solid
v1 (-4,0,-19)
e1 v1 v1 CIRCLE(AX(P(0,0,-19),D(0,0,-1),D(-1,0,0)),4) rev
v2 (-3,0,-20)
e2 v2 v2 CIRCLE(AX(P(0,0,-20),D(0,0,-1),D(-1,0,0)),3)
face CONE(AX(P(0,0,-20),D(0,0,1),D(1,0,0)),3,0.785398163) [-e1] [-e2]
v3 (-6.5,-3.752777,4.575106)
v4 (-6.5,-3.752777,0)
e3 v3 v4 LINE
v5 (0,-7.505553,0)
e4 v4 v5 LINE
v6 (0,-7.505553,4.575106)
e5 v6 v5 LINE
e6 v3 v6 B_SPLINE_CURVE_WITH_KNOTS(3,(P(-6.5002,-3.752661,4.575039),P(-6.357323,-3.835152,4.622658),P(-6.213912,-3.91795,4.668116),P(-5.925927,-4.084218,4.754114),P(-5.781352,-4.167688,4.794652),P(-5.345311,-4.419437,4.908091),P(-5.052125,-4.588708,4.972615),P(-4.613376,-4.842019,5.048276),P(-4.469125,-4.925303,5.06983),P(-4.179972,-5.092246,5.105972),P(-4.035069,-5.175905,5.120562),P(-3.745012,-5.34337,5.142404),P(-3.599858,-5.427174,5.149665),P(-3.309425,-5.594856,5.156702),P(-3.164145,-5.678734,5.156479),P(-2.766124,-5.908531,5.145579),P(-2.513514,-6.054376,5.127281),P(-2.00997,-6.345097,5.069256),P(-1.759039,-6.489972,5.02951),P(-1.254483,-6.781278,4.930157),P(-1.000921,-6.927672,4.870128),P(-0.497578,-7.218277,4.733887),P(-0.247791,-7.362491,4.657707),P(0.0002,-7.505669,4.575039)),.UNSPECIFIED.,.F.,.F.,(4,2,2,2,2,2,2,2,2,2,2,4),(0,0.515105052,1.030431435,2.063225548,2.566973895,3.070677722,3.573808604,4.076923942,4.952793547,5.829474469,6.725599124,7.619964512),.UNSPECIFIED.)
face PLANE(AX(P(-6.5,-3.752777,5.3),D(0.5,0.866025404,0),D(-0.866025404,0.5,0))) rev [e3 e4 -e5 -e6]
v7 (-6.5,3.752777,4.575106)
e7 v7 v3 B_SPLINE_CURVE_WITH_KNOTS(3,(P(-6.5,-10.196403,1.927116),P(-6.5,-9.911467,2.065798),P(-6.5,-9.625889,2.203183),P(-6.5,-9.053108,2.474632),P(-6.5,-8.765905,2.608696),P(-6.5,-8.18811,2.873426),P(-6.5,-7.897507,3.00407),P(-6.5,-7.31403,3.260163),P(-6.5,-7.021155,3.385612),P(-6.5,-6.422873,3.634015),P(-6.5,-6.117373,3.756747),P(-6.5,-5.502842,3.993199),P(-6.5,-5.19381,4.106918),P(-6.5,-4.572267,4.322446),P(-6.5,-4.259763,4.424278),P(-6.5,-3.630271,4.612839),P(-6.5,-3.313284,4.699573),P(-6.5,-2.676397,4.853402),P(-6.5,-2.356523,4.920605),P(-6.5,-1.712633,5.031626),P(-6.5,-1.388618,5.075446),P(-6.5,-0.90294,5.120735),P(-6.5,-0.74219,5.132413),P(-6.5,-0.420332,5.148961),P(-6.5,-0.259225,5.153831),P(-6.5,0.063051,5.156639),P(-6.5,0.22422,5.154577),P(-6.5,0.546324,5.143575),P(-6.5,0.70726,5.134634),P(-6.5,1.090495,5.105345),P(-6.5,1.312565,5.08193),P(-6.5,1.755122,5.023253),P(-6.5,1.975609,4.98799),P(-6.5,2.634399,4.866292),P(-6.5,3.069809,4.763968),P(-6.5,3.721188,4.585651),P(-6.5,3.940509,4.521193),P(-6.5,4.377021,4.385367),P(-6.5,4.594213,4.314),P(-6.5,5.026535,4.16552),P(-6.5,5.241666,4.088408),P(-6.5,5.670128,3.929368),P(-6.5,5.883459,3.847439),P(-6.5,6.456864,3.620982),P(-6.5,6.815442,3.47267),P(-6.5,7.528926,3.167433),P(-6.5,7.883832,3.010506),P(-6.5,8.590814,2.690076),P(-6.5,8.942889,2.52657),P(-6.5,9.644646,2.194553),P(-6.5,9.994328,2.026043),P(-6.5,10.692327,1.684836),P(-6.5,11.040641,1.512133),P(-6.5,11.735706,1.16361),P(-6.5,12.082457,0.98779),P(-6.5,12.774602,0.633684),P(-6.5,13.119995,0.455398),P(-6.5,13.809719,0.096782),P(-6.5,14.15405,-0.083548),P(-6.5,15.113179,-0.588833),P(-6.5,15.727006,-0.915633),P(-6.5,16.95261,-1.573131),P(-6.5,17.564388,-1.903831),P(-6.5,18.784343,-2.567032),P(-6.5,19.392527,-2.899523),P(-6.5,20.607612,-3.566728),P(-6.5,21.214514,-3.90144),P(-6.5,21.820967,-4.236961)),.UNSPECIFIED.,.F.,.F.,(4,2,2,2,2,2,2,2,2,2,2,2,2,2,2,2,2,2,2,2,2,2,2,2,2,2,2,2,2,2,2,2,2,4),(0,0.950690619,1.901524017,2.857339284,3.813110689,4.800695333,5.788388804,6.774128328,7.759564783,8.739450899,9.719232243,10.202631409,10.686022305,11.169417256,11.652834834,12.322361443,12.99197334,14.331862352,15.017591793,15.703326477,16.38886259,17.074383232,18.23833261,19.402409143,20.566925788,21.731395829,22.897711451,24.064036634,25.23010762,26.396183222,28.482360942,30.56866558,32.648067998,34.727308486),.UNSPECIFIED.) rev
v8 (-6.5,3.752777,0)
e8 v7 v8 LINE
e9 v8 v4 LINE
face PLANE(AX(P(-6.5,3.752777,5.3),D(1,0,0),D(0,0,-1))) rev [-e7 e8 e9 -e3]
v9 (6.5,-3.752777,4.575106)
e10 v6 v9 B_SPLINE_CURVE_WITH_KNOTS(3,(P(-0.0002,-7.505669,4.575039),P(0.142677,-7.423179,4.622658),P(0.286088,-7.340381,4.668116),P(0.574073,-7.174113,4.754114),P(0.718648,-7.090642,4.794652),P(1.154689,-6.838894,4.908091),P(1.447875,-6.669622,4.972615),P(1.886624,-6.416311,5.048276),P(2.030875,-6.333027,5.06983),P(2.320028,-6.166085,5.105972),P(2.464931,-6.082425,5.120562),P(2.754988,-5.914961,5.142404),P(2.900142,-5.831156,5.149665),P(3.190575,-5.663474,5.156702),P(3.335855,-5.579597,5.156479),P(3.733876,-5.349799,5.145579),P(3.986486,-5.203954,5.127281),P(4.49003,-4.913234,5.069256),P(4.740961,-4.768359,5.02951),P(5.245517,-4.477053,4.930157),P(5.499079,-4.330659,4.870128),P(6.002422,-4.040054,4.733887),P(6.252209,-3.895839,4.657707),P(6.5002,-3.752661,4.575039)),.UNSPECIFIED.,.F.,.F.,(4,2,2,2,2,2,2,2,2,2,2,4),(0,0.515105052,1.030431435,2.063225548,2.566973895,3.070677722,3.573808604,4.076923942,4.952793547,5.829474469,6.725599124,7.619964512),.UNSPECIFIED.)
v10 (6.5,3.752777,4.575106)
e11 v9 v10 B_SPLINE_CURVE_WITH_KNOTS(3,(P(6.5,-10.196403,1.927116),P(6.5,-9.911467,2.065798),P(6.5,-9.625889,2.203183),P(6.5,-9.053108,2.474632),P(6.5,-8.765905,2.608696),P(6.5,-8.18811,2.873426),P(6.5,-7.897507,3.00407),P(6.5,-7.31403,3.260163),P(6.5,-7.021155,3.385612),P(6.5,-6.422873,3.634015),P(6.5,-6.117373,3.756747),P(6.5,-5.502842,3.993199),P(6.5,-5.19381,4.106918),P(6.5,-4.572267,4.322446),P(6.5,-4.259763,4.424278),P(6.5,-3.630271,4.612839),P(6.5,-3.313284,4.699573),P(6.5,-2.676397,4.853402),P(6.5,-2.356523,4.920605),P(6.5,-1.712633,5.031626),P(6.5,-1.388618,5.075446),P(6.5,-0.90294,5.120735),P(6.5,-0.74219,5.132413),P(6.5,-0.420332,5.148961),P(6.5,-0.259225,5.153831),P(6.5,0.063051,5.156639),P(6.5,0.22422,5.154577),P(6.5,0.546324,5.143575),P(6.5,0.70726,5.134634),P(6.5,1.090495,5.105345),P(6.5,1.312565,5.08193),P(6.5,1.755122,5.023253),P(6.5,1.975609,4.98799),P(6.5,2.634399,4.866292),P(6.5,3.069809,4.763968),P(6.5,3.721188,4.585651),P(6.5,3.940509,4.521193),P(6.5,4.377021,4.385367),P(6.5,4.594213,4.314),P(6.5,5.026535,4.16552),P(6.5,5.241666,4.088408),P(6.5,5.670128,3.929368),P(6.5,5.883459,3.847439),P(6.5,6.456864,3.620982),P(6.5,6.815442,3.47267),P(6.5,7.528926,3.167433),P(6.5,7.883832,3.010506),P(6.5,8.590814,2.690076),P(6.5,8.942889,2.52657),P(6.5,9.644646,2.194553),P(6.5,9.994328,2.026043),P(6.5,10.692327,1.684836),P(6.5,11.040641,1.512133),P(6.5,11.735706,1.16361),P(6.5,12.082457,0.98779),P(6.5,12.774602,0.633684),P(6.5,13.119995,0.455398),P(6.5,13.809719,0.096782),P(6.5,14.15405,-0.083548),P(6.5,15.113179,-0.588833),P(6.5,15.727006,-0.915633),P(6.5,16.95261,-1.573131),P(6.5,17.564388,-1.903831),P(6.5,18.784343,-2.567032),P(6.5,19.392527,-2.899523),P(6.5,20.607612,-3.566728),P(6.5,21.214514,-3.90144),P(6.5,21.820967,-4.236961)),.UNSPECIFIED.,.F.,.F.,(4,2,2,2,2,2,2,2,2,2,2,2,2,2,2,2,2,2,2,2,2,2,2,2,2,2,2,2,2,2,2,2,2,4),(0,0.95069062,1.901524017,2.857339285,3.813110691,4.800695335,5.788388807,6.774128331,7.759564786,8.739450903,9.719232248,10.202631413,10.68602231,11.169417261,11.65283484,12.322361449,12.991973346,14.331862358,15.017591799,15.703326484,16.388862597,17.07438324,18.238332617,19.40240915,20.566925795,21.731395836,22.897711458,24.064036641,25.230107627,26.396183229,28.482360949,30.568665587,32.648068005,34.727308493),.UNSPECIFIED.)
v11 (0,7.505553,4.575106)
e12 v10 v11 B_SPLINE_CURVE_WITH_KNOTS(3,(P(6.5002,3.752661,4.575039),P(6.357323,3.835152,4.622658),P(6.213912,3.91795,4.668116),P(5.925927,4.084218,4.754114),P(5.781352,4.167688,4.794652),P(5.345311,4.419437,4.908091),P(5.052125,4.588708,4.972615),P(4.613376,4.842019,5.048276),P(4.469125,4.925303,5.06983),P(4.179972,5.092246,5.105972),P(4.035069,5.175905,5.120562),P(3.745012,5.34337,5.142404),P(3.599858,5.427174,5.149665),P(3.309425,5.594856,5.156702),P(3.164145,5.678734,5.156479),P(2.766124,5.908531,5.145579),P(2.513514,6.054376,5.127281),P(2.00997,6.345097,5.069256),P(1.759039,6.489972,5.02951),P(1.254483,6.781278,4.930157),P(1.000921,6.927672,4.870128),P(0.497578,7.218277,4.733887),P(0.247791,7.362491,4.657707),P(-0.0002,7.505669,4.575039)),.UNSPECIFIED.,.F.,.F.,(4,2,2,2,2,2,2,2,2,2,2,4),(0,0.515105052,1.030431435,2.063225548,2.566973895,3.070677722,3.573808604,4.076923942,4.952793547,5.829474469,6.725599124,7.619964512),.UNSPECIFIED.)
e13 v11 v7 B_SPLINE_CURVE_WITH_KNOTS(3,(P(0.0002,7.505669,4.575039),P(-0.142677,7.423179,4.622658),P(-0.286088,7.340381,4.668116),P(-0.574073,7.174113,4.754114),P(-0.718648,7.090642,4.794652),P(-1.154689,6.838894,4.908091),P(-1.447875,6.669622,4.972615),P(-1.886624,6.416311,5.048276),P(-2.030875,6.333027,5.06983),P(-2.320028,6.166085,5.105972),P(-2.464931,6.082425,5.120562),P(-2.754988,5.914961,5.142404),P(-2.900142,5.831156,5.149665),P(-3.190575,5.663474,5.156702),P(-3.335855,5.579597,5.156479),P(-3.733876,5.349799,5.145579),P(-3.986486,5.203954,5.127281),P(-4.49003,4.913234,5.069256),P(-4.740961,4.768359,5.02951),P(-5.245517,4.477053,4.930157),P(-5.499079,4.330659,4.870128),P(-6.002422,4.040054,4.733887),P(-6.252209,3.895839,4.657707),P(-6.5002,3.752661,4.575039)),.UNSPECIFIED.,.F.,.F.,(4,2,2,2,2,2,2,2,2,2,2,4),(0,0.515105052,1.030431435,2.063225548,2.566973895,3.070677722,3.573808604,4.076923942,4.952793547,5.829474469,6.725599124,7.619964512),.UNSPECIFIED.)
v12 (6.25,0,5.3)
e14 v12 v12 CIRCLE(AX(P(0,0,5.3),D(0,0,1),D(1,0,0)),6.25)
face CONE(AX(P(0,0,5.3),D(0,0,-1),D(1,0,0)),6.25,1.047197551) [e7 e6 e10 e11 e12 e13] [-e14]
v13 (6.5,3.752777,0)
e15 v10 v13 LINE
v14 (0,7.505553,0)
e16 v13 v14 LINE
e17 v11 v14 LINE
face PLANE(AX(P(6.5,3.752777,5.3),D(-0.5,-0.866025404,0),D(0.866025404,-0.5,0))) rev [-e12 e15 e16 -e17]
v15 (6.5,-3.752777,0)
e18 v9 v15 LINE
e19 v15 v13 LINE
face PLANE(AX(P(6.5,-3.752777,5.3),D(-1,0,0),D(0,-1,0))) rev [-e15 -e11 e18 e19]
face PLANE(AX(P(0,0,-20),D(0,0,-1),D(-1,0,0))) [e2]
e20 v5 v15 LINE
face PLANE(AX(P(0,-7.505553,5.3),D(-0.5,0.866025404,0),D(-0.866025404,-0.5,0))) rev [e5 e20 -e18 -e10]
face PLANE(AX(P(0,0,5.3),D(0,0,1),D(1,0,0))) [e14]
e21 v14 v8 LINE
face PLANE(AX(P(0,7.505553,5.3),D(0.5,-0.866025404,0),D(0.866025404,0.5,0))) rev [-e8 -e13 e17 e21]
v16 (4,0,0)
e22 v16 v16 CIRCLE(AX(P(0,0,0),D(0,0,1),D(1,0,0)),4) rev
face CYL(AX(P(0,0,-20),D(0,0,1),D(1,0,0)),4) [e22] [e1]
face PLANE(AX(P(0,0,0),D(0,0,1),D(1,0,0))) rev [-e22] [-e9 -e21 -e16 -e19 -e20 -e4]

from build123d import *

# Parameters (mm, degrees)
EXTRUDE_1_DEPTH     = 5.3
SKETCH_2_OUTSIDE_W  = 61.562
SKETCH_2_OUTSIDE_H  = 63.574
SKETCH_2_OUTSIDE_R  = 6.25
CUT_EXTRUDE_1_DEPTH = 12.254924848
CUT_EXTRUDE_1_DRAFT = -60
SKETCH_3_R          = 4
EXTRUDE_2_DEPTH     = 20
CHAMFER_1_SIZE      = 1


with BuildPart() as part:
    # Эскиз1 → Бобышка-Вытянуть1 (new body)
    with BuildSketch(Plane.XY):
        Polygon((0, 7.505553499), (-6.5, 3.75277675), (-6.5, -3.75277675), (0, -7.505553499), (6.5, -3.75277675), (6.5, 3.75277675), align=None)
    extrude(amount=EXTRUDE_1_DEPTH)


with BuildPart() as cut_extrude_1_tool:
    # Эскиз2 outside → Вырез-Вытянуть1 (with draft: the straight prism first)
    with BuildSketch(Plane.XY.offset(5.3)):
        Rectangle(SKETCH_2_OUTSIDE_W, SKETCH_2_OUTSIDE_H)
        Circle(SKETCH_2_OUTSIDE_R, mode=Mode.SUBTRACT)
    extrude(amount=-CUT_EXTRUDE_1_DEPTH)
    # Вырез-Вытянуть1: the draft: its side faces are tilted about the plane it starts from
    cut_extrude_1_sides = [cut_extrude_1_tool.faces().sort_by_distance(p)[0] for p in [
        (0, -31.787, -0.827462424),
        (30.781, 0, -0.827462424),
        (0, 31.787, -0.827462424),
        (-30.781, 0, -0.827462424),
        (-6.25, 0, -0.827462424),
    ]]
    draft(cut_extrude_1_sides, Plane.XY.offset(5.3), CUT_EXTRUDE_1_DRAFT)


with BuildPart() as part_1:
    add(part.part)

    # Вырез-Вытянуть1: cut by cut_extrude_1_tool
    add(cut_extrude_1_tool.part, mode=Mode.SUBTRACT)

    # Эскиз3 → Бобышка-Вытянуть2 (add)
    with BuildSketch(Plane(origin=(0, 0, 0), x_dir=(-1, 0, 0), z_dir=(0, 0, -1))):
        with Locations(Location((0, 0, 0), (0, 0, 180))):
            Circle(SKETCH_3_R)
    extrude(amount=EXTRUDE_2_DEPTH)

    # Фаска1
    chamfer_1_edges = [part_1.edges().sort_by_distance(p)[0] for p in [
        (-4, 0, -20),
    ]]
    chamfer(chamfer_1_edges, length=CHAMFER_1_SIZE)


solid = part_1.part
